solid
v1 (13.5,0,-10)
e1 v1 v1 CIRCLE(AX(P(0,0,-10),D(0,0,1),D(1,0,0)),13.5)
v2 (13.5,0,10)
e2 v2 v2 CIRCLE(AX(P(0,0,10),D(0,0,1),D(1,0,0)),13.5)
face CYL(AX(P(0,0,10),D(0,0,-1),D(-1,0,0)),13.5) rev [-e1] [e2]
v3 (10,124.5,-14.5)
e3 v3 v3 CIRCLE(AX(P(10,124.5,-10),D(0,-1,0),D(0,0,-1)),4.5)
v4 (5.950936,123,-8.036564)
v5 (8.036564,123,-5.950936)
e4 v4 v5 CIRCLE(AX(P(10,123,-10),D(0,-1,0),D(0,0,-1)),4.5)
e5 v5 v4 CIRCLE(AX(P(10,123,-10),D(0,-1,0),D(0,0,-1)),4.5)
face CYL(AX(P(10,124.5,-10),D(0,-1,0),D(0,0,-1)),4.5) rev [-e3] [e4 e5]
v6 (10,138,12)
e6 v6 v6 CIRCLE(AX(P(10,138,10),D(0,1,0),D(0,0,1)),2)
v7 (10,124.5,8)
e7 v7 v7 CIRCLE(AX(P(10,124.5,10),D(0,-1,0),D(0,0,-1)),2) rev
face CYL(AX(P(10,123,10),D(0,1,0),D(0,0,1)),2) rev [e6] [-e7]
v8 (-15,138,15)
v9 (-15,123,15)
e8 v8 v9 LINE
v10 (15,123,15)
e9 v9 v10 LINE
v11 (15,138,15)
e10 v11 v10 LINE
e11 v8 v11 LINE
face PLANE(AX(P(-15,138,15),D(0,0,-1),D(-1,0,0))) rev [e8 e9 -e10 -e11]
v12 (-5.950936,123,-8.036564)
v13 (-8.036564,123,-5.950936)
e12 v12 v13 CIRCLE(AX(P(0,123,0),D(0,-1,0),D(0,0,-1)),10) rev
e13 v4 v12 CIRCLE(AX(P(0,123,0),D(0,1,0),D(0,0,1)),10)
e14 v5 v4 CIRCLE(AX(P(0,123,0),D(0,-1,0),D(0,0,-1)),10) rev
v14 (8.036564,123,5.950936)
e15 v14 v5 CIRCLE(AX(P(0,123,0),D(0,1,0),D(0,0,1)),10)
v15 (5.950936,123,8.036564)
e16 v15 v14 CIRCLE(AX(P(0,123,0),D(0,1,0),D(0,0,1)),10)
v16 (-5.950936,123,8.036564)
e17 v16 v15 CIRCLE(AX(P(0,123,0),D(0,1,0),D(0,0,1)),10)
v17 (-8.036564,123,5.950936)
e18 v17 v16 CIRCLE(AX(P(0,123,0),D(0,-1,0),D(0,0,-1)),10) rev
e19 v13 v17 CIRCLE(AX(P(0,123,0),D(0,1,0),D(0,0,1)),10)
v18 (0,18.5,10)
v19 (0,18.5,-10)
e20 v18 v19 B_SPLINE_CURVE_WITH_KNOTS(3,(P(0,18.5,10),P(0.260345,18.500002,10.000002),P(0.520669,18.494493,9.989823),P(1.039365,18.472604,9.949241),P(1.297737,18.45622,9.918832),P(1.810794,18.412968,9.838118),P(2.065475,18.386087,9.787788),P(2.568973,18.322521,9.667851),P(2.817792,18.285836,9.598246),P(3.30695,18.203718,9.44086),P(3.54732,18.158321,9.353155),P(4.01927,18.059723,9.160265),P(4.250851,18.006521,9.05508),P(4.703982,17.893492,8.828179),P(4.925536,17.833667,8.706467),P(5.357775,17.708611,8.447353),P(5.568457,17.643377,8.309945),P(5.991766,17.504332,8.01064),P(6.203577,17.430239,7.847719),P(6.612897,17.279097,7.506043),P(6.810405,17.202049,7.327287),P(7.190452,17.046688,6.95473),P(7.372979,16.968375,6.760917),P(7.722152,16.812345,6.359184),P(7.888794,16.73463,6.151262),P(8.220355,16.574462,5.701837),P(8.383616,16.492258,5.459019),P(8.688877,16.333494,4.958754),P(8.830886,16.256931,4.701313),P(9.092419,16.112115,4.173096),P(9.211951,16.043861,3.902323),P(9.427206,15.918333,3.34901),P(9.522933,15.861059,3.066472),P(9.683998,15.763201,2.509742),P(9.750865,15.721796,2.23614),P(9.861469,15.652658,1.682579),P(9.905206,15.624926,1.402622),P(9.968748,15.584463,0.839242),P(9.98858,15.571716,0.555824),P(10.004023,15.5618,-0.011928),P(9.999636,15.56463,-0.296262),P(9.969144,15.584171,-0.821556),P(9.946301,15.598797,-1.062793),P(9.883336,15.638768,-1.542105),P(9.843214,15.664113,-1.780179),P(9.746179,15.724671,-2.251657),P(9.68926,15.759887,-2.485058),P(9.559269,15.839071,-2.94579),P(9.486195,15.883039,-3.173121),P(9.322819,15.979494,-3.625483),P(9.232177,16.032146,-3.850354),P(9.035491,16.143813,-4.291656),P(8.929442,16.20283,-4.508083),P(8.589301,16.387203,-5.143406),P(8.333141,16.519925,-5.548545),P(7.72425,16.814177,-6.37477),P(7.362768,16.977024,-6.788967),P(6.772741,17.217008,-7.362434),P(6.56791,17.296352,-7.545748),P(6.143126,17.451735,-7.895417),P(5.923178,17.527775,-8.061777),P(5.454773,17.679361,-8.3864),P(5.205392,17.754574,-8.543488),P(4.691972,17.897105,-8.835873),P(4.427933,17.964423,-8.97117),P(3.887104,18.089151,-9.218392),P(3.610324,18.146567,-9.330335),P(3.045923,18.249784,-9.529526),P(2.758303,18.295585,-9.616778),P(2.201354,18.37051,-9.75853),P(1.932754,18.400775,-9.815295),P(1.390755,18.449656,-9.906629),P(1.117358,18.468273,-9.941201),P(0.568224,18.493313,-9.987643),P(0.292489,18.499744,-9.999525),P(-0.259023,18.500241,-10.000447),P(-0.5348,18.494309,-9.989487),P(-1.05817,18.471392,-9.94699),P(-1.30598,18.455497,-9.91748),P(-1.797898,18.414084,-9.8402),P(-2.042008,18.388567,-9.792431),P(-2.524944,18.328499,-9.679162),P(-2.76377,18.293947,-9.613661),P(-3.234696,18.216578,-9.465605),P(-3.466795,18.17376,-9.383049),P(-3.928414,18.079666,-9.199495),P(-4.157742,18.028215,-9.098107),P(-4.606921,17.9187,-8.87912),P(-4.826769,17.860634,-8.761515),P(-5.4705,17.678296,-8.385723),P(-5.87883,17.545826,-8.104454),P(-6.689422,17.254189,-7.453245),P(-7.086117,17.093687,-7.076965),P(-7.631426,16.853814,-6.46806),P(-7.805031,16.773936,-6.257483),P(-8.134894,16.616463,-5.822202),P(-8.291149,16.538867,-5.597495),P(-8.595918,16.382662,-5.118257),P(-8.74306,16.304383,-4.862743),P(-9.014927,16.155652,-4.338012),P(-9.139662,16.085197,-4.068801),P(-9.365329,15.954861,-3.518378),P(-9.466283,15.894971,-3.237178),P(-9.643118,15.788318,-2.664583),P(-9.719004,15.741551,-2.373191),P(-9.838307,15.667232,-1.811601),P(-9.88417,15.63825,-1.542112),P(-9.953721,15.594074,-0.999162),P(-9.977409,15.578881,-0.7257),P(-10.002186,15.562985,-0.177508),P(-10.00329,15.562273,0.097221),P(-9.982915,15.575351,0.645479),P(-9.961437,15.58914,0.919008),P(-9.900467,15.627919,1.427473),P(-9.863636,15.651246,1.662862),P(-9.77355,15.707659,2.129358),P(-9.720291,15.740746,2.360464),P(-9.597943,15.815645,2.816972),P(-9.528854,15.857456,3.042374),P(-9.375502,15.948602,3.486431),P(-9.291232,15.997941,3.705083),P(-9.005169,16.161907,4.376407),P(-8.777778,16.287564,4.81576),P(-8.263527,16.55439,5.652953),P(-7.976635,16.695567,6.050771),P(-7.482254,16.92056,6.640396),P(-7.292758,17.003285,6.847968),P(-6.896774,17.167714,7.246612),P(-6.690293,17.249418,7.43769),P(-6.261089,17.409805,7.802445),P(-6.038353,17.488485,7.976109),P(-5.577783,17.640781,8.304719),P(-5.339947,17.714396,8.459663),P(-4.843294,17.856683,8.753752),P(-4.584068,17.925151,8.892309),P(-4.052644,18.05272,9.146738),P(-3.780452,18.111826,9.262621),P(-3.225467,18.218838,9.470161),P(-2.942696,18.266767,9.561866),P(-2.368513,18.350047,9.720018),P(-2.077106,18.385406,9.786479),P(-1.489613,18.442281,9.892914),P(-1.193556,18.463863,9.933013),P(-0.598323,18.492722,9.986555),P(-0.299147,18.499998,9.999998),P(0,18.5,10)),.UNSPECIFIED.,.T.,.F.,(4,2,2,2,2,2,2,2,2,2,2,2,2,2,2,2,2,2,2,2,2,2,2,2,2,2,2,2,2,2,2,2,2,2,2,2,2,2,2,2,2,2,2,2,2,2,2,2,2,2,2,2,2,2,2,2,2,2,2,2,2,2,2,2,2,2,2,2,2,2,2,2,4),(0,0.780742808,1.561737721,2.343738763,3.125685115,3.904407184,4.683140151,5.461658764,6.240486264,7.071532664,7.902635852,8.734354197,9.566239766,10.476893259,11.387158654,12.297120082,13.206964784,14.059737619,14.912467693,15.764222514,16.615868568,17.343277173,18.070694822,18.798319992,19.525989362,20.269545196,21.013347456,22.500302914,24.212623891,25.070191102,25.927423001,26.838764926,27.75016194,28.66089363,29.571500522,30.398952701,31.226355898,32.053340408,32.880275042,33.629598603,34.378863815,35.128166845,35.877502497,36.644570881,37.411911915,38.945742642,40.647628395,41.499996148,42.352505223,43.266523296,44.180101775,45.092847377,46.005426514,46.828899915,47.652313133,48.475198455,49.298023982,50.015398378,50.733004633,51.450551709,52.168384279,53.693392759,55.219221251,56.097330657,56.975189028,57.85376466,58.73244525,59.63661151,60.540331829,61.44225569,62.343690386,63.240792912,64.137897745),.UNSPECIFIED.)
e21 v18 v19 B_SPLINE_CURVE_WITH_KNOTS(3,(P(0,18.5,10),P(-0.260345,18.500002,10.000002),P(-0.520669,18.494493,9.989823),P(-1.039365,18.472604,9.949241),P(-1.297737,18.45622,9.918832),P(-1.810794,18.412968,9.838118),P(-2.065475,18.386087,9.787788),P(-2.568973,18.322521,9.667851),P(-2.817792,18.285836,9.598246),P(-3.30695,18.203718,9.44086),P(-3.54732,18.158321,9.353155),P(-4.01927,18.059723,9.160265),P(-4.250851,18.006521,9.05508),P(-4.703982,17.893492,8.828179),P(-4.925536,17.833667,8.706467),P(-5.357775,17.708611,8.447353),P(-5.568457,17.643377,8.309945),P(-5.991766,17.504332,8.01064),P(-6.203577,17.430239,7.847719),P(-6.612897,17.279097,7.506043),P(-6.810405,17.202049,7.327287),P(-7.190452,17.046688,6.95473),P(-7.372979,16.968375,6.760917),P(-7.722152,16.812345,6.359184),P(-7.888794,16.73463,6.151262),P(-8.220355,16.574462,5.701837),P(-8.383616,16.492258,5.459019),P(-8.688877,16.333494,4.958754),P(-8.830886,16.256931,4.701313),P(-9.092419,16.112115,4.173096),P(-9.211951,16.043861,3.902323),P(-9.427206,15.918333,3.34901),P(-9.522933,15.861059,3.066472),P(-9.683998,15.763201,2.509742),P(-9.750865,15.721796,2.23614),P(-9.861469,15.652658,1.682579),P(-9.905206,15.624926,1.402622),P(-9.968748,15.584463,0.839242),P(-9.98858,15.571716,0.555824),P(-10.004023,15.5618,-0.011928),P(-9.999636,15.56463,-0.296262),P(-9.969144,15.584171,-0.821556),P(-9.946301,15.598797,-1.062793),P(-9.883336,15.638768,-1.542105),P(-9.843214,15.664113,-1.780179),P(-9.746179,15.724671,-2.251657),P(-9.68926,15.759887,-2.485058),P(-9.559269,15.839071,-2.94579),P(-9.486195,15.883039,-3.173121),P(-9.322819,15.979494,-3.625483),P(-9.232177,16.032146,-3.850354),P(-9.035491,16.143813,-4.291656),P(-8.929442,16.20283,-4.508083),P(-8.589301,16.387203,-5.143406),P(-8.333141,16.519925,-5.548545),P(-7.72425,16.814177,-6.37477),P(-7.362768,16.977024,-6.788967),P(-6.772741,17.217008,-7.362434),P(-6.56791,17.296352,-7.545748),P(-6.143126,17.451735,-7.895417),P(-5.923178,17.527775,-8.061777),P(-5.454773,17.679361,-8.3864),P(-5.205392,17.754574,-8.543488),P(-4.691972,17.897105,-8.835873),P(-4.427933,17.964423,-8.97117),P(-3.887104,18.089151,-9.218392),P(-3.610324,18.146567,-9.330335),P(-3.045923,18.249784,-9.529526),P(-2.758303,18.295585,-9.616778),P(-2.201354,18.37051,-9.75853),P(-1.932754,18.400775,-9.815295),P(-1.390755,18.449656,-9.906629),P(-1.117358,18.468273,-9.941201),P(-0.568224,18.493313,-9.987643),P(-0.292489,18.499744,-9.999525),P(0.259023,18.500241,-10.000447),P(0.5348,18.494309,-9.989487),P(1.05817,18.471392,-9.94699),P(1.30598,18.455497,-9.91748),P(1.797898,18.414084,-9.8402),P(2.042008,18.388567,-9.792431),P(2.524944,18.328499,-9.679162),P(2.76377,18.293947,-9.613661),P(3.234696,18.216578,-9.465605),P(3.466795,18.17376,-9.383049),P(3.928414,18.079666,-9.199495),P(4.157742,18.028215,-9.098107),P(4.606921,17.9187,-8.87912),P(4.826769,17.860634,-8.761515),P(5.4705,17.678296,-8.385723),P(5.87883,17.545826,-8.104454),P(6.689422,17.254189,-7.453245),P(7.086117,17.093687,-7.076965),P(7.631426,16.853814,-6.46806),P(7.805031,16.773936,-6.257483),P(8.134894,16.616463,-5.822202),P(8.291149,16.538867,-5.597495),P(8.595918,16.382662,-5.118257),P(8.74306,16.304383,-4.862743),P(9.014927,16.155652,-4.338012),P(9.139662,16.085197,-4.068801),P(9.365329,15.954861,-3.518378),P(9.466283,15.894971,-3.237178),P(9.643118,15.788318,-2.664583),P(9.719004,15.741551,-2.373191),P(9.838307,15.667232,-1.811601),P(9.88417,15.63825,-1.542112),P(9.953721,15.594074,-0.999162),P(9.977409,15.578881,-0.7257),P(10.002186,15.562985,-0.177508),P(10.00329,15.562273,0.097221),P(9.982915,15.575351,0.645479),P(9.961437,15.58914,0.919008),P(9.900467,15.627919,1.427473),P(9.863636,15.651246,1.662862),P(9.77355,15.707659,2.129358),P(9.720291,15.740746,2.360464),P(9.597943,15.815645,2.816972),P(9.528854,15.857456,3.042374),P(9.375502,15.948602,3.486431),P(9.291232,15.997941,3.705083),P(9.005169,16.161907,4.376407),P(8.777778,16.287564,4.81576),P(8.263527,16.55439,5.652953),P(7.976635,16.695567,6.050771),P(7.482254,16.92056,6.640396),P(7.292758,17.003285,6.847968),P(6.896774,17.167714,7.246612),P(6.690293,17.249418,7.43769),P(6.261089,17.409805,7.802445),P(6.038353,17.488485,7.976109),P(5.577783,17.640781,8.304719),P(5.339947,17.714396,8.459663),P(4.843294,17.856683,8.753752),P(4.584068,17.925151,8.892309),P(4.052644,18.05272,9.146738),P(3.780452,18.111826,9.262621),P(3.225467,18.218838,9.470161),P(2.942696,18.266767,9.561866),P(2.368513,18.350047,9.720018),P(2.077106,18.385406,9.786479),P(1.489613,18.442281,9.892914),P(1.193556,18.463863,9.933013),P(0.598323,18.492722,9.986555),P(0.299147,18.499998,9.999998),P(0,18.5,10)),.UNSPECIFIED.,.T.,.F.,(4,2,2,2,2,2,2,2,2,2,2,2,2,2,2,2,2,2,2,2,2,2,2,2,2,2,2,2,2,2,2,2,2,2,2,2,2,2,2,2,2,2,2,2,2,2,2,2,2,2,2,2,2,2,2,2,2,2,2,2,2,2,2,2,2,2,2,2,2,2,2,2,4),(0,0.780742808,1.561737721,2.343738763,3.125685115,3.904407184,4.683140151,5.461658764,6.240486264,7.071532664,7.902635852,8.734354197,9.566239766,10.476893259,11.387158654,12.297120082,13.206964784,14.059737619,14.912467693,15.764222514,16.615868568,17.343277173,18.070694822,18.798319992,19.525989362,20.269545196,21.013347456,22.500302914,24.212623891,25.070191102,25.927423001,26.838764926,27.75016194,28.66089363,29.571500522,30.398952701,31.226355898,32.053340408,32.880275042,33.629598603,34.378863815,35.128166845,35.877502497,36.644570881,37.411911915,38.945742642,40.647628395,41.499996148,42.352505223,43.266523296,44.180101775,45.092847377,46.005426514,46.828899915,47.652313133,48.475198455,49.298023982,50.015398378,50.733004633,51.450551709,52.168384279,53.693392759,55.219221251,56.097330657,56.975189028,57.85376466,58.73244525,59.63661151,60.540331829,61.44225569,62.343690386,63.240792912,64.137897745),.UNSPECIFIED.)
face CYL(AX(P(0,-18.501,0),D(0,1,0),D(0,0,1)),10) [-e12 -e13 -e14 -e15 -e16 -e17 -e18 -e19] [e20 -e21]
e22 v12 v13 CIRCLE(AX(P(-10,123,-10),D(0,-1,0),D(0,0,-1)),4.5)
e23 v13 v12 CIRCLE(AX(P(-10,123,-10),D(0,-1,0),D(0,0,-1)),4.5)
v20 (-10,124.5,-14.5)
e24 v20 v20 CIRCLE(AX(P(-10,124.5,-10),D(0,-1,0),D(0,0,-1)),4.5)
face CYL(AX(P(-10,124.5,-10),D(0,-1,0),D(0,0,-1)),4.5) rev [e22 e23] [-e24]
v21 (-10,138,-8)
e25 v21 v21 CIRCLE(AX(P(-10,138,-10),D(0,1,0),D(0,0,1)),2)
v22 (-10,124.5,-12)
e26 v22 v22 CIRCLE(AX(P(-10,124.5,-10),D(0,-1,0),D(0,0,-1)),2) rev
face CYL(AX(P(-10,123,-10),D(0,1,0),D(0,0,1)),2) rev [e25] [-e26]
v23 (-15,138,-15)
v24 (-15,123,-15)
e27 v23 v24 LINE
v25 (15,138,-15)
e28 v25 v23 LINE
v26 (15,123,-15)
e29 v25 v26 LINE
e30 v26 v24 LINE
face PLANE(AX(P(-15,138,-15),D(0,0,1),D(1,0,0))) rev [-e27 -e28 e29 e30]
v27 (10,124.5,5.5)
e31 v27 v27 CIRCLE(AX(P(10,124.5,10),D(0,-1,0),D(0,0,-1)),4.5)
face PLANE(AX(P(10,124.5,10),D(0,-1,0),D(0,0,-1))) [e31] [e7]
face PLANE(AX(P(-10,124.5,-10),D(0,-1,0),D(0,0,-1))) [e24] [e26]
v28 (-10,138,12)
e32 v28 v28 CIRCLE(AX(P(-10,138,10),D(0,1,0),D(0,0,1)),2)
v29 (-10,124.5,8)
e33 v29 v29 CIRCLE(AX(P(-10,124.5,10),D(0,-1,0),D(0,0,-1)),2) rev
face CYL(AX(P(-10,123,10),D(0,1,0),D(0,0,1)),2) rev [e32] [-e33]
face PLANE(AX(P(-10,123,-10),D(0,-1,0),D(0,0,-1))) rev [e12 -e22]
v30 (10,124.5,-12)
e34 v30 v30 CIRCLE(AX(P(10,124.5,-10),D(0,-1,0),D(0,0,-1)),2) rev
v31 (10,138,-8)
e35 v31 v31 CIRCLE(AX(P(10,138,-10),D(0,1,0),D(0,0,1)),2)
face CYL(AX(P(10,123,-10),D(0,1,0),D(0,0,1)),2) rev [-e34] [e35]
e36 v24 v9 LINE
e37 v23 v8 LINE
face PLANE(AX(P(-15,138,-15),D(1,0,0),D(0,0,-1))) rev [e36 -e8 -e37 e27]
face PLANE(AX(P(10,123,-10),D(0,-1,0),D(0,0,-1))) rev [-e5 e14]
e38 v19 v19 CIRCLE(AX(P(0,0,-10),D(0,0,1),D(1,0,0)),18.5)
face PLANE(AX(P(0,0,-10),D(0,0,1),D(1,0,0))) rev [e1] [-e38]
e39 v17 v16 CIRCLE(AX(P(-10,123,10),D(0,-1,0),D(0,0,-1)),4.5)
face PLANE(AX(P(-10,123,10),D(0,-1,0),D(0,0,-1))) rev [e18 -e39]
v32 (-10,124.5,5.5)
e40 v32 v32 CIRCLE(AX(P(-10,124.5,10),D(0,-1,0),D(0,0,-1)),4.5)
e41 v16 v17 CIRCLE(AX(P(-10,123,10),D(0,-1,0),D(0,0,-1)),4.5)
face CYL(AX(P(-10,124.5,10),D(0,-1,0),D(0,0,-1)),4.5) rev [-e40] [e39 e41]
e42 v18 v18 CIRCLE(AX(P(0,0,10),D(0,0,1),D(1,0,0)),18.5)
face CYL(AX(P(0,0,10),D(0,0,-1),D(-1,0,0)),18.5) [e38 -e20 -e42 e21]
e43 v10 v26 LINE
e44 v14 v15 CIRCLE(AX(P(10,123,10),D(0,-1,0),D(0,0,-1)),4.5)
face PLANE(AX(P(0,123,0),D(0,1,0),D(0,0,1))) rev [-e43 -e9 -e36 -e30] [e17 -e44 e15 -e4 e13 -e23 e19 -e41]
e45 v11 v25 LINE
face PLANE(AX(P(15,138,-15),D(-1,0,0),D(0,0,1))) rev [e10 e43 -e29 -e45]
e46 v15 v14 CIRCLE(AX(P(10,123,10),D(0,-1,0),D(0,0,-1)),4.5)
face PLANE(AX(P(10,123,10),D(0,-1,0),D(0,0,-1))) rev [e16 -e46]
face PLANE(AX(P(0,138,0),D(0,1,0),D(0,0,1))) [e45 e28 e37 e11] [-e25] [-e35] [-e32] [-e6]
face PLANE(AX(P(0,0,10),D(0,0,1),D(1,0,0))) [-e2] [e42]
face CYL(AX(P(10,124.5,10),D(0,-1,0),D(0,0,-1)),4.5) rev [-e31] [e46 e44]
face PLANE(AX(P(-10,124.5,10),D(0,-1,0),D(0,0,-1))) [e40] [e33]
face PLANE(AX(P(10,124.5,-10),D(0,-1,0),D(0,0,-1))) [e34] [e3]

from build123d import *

# Parameters (mm, degrees)
SKETCH_1_R           = 18.5
SKETCH_1_R_2         = 13.5
EXTRUDE_1_DEPTH      = 10
EXTRUDE_2_REACH      = 145.054
EXTRUDE_2_END_RADIUS = 18.5
SKETCH_3_R           = 10
SKETCH_4_W           = 30
SKETCH_4_H           = 30
EXTRUDE_3_DEPTH      = 15
SKETCH_5_R           = 2
CUT_EXTRUDE_1_DEPTH  = 15
SKETCH_6_R           = 4.5
CUT_EXTRUDE_2_DEPTH  = 1.5


with BuildPart() as part:
    # 草图1 → 凸台-拉伸1 (new, symmetric)
    with BuildSketch(Plane.XY):
        Circle(SKETCH_1_R)
        Circle(SKETCH_1_R_2, mode=Mode.SUBTRACT)
    extrude(amount=EXTRUDE_1_DEPTH, both=True)

    # 凸台-拉伸2: up to this cylinder (the profile starts outside it)
    extrude_2_end = Plane(origin=(0, 0, 0), z_dir=(0, 0, -1)) * Cylinder(EXTRUDE_2_END_RADIUS, 328.108, mode=Mode.PRIVATE)
    # 草图3 → 凸台-拉伸2 (add, up to the surface)
    with BuildSketch(Plane(origin=(0, 123, 0), x_dir=(1, 0, 0), z_dir=(0, 1, 0)), mode=Mode.PRIVATE) as extrude_2_sk1:
        with Locations(Location((0, 0, 0), (0, 0, 270))):
            Circle(SKETCH_3_R)
    extrude_2_tool1 = extrude(extrude_2_sk1.sketch, amount=-EXTRUDE_2_REACH, mode=Mode.PRIVATE) - extrude_2_end
    add(extrude_2_tool1.solids().sort_by_distance((0, 123, 0))[0])

    # 草图4 → 凸台-拉伸3 (add)
    with BuildSketch(Plane(origin=(0, 123, 0), x_dir=(1, 0, 0), z_dir=(0, 1, 0))):
        Rectangle(SKETCH_4_W, SKETCH_4_H)
    extrude(amount=EXTRUDE_3_DEPTH)

    # 草图5 → 切除-拉伸1 (cut)
    with BuildSketch(Plane(origin=(0, 138, 0), x_dir=(1, 0, 0), z_dir=(0, 1, 0))):
        with Locations(Location((-10, 10, 0), (0, 0, 270))):
            Circle(SKETCH_5_R)
        with Locations(Location((10, 10, 0), (0, 0, 270))):
            Circle(SKETCH_5_R)
        with Locations(Location((-10, -10, 0), (0, 0, 270))):
            Circle(SKETCH_5_R)
        with Locations(Location((10, -10, 0), (0, 0, 270))):
            Circle(SKETCH_5_R)
    extrude(amount=-CUT_EXTRUDE_1_DEPTH, mode=Mode.SUBTRACT)

    # 草图6 → 切除-拉伸2 (cut)
    with BuildSketch(Plane.XZ.offset(-123)):
        with Locations(Location((-10, -10, 0), (0, 0, 270))):
            Circle(SKETCH_6_R)
        with Locations(Location((-10, 10, 0), (0, 0, 270))):
            Circle(SKETCH_6_R)
        with Locations(Location((10, 10, 0), (0, 0, 270))):
            Circle(SKETCH_6_R)
        with Locations(Location((10, -10, 0), (0, 0, 270))):
            Circle(SKETCH_6_R)
    extrude(amount=-CUT_EXTRUDE_2_DEPTH, mode=Mode.SUBTRACT)


solid = part.part
